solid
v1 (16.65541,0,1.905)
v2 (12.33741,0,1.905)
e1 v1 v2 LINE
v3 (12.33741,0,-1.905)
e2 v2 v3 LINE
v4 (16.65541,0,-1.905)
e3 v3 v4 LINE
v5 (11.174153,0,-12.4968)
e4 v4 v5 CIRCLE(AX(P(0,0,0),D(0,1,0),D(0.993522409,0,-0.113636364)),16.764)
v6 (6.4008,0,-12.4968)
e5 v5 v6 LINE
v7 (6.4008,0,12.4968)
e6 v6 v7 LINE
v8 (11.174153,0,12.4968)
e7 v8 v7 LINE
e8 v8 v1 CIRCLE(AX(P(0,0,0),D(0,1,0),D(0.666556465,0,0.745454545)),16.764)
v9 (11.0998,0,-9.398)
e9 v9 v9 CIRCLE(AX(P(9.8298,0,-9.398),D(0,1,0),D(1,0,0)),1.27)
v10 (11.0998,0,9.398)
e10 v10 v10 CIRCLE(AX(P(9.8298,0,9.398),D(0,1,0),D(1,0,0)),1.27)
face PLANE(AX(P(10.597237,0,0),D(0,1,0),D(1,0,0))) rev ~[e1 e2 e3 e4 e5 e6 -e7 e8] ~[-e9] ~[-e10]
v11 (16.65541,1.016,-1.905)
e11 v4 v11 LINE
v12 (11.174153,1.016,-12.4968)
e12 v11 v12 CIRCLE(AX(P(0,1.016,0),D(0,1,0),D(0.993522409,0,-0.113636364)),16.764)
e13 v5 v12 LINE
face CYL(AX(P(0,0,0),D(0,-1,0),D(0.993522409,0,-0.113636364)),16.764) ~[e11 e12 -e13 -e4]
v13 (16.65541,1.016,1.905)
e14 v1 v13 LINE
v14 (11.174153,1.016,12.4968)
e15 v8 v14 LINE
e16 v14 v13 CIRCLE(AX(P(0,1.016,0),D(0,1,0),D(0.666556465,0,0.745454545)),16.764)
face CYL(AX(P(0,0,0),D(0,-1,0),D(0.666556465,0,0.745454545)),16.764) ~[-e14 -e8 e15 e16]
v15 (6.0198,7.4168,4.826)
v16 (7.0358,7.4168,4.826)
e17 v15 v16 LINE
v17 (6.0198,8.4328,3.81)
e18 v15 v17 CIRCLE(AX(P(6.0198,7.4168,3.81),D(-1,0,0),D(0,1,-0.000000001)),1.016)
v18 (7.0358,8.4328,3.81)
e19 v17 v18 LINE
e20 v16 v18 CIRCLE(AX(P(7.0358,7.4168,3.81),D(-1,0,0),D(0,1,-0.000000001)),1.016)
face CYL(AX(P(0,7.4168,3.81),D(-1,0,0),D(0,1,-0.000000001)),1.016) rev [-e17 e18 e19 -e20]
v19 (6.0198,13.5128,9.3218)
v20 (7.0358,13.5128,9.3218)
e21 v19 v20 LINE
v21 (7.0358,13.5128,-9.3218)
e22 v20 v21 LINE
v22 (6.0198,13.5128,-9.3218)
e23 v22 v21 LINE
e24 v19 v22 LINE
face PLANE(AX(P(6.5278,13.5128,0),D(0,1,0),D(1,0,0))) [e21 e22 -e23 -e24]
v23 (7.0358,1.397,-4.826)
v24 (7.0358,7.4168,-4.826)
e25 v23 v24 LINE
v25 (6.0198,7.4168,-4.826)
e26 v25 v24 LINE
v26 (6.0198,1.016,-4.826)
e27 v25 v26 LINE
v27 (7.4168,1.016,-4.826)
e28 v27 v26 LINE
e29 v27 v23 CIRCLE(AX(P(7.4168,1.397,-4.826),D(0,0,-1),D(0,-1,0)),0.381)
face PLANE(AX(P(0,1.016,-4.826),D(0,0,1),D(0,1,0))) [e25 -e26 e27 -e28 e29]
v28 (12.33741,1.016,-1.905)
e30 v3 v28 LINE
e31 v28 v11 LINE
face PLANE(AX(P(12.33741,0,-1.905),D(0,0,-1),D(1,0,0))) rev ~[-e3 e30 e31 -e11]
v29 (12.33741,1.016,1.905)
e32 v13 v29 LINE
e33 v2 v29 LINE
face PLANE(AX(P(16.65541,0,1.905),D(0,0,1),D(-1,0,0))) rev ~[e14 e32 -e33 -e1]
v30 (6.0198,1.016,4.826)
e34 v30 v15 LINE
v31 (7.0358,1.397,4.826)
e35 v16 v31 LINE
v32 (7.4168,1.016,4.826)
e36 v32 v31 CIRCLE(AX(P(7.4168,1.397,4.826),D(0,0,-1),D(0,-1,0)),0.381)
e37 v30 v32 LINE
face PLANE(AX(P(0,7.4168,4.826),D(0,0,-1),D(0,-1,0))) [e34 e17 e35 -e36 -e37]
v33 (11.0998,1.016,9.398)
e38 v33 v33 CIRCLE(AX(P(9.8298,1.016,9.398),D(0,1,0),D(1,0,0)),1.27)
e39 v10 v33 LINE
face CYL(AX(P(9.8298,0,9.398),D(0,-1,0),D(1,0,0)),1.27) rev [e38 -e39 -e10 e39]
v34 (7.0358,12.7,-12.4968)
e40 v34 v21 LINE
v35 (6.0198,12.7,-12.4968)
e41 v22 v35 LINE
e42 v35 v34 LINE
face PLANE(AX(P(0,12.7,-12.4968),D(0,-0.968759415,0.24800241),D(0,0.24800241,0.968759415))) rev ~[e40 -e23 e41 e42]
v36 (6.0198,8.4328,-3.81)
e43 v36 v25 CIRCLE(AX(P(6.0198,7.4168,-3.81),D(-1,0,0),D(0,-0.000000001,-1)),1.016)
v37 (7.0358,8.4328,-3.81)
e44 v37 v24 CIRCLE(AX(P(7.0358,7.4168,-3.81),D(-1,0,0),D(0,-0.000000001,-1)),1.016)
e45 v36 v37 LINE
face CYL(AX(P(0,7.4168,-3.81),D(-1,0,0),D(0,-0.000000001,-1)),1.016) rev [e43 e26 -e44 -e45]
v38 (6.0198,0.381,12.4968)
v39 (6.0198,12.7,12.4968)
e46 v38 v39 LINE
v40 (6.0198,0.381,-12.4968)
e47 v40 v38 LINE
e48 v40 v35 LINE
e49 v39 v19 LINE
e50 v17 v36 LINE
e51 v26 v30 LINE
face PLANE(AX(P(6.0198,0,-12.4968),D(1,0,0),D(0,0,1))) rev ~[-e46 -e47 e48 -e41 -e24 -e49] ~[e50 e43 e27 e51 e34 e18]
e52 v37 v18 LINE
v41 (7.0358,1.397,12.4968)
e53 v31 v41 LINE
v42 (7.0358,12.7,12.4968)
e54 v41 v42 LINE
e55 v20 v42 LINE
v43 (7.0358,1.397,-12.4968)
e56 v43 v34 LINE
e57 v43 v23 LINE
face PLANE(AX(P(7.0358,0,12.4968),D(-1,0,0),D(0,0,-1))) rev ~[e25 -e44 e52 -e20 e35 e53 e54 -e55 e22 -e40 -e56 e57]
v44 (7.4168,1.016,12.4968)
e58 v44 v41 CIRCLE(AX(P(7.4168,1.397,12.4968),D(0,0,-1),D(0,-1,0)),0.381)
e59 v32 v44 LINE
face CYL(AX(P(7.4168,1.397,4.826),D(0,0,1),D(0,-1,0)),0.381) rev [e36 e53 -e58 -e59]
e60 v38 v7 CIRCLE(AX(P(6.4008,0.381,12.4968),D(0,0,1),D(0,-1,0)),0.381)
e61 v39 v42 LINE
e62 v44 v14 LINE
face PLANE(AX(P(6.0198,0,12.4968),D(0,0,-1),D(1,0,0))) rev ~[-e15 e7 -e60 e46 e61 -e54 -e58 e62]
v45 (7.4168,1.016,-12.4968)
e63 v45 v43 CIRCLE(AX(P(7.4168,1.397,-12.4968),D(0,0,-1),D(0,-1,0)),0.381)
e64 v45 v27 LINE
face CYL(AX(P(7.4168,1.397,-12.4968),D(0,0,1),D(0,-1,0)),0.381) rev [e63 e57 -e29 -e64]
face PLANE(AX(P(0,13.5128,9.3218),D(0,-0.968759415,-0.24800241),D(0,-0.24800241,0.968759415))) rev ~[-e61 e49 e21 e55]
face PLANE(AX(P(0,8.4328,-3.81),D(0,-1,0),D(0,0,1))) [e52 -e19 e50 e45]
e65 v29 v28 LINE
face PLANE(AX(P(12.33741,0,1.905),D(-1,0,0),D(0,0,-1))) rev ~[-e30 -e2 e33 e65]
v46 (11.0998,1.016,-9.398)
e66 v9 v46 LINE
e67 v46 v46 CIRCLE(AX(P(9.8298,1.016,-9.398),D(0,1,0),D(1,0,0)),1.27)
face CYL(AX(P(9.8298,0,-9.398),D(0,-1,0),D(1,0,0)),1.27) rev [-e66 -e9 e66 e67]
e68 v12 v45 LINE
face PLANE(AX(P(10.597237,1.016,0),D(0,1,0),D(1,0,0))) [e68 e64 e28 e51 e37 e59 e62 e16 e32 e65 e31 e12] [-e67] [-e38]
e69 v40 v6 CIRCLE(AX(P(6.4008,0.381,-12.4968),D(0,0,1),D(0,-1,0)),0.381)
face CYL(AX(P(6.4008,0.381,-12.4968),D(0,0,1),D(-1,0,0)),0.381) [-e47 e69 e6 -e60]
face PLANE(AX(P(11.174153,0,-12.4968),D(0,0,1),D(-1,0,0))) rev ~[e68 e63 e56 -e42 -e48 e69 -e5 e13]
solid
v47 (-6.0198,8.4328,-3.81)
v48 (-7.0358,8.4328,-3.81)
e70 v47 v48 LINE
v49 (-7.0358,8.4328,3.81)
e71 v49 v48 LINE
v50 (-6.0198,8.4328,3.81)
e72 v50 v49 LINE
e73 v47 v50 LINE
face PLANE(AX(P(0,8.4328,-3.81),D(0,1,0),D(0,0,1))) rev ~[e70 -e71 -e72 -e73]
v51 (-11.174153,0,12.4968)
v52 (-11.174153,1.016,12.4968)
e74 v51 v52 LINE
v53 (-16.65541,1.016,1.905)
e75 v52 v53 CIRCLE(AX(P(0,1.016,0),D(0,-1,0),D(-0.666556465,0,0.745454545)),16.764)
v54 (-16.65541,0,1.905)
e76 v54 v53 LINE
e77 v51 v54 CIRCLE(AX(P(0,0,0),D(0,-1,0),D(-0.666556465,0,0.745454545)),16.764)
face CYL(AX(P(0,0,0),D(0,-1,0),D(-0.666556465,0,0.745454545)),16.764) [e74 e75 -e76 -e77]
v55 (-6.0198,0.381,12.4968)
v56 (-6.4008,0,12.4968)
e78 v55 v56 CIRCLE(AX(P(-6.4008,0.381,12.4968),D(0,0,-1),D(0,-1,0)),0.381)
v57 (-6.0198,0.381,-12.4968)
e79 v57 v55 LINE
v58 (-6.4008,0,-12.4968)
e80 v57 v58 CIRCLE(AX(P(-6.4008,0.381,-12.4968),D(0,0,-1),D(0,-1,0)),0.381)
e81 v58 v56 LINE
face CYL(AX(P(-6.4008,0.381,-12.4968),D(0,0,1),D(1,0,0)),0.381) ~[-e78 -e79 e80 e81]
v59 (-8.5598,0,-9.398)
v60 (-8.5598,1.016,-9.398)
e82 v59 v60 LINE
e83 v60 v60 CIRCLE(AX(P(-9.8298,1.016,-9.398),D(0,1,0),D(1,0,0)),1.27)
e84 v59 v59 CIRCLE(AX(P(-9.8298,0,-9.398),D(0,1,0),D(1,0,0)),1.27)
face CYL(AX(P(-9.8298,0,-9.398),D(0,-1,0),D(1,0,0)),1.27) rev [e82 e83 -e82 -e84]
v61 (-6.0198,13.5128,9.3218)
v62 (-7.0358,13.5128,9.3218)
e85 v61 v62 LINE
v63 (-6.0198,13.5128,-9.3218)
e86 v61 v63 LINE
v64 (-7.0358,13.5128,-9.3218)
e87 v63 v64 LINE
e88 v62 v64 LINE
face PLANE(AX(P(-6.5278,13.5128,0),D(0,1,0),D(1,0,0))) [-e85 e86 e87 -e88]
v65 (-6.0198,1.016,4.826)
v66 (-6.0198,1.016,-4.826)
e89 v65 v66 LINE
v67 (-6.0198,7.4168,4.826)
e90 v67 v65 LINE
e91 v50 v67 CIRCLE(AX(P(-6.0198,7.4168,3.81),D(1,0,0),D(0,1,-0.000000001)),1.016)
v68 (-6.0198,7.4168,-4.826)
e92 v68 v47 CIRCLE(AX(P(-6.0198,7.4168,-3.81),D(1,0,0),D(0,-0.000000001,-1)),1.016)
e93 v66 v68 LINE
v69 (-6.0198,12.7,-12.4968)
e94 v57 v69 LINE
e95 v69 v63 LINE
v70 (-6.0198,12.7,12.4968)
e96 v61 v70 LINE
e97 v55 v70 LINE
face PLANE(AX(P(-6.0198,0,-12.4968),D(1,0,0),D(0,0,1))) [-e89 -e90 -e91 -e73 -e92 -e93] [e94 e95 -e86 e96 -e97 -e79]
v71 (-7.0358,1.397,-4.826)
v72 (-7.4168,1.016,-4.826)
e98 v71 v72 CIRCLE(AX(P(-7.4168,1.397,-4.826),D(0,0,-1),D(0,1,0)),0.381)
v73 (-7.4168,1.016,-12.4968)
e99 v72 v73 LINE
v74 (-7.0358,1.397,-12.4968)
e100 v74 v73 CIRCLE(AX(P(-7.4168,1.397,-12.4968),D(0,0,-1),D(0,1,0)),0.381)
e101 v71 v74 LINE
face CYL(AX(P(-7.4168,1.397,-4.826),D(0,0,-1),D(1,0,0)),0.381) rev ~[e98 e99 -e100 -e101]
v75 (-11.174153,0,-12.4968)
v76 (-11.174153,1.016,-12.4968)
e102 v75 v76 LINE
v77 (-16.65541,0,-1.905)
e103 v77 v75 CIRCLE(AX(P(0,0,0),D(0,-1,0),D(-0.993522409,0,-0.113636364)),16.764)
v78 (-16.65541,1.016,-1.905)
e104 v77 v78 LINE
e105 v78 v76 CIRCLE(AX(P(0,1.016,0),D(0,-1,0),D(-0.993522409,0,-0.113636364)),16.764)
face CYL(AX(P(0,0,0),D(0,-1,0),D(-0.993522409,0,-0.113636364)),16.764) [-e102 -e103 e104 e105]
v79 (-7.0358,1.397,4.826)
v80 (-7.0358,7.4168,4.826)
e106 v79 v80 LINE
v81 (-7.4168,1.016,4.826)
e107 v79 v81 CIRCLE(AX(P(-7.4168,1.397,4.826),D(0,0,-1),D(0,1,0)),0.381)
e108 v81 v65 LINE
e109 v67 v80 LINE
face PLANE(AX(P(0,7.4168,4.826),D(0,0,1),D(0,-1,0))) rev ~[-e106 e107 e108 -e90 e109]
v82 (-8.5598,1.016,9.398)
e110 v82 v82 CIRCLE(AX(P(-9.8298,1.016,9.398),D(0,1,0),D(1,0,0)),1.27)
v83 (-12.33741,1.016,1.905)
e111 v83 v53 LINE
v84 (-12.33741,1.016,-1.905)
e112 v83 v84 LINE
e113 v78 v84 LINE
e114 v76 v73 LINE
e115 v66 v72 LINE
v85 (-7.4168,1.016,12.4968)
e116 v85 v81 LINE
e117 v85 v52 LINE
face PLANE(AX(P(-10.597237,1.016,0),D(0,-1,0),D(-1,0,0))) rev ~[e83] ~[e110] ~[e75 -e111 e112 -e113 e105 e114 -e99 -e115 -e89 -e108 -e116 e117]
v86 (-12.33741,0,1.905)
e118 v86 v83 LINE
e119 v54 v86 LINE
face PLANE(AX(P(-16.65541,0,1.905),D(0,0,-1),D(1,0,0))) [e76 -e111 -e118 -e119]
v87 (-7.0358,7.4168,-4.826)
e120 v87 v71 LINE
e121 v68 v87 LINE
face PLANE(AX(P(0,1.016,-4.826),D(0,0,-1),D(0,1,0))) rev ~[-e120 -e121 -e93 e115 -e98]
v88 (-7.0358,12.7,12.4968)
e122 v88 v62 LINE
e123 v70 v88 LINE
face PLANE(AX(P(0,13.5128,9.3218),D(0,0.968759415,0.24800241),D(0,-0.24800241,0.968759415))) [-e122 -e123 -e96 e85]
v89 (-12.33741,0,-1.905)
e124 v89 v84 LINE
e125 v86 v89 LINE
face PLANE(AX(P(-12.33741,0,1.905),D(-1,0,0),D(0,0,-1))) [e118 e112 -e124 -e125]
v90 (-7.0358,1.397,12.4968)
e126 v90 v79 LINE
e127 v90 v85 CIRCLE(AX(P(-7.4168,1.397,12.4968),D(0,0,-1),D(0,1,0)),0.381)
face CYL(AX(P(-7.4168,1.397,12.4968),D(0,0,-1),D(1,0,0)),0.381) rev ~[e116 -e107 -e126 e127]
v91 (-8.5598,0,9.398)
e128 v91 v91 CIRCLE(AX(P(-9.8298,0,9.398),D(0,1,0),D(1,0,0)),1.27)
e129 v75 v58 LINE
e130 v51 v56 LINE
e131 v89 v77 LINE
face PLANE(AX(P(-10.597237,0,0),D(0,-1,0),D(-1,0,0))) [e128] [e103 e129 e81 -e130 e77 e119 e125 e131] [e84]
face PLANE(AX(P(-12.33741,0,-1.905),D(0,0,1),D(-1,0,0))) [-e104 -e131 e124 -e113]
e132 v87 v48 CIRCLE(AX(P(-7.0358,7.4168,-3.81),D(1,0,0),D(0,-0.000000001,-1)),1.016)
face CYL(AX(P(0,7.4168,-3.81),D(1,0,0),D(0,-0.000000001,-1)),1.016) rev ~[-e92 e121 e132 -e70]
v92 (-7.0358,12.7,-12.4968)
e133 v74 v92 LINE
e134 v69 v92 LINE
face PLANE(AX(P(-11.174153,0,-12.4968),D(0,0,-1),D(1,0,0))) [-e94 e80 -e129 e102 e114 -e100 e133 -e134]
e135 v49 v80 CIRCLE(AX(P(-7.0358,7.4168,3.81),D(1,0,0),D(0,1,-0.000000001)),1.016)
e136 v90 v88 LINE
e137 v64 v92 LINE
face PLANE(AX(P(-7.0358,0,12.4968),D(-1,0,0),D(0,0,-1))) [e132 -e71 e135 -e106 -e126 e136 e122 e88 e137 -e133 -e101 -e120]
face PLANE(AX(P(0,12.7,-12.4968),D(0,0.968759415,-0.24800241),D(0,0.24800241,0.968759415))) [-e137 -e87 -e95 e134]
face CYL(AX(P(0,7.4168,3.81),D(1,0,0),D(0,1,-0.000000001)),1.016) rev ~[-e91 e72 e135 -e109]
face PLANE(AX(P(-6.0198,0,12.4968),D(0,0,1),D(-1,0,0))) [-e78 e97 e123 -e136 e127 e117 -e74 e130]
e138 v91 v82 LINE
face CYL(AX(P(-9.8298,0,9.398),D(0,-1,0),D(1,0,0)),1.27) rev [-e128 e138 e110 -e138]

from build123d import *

# Parameters (mm, degrees)
SKETCH1_R               = 1.27
BOSS_EXTRUDE1_DEPTH     = 1.016
BOSS_EXTRUDE1_2_DEPTH   = 1.016
SKETCH2_W               = 1.016
SKETCH2_H               = 24.9936
BOSS_EXTRUDE2_DEPTH     = 13.5128
CUT_EXTRUDE1_DEPTH      = 13.5128
CUT_EXTRUDE1_DEPTH_BACK = 13.5128
FILLET1_R               = 0.381
FILLET2_R               = 0.381


with BuildPart() as part:
    # Sketch1 → Boss-Extrude1 (new body)
    with BuildSketch(Plane(origin=(0, 0, 0), x_dir=(1, 0, 0), z_dir=(0, 1, 0))):
        with BuildLine():
            Line((11.174152575, 12.4968), (6.0198, 12.4968))
            Line((6.0198, 12.4968), (6.0198, -12.4968))
            Line((6.0198, -12.4968), (11.174152575, -12.4968))
            ThreePointArc((11.174152575, -12.4968), (14.888508669, -7.704804061), (16.655409662, -1.905))
            Line((16.655409662, -1.905), (12.337409662, -1.905))
            Line((12.337409662, -1.905), (12.337409662, 1.905))
            Line((12.337409662, 1.905), (16.655409662, 1.905))
            ThreePointArc((16.655409662, 1.905), (14.888508669, 7.704804061), (11.174152575, 12.4968))
        make_face()
        with Locations((9.8298, -9.398)):
            Circle(SKETCH1_R, mode=Mode.SUBTRACT)
        with Locations((9.8298, 9.398)):
            Circle(SKETCH1_R, mode=Mode.SUBTRACT)
    extrude(amount=BOSS_EXTRUDE1_DEPTH)



with BuildPart() as body_2:
    # Sketch1 → Boss-Extrude1 2 (new body)
    with BuildSketch(Plane(origin=(0, 0, 0), x_dir=(1, 0, 0), z_dir=(0, 1, 0))):
        with BuildLine():
            Line((-6.0198, -12.4968), (-11.174152575, -12.4968))
            ThreePointArc((-11.174152575, -12.4968), (-14.888508669, -7.704804061), (-16.655409662, -1.905))
            Line((-16.655409662, -1.905), (-12.337409662, -1.905))
            Line((-12.337409662, -1.905), (-12.337409662, 1.905))
            Line((-12.337409662, 1.905), (-16.655409662, 1.905))
            ThreePointArc((-16.655409662, 1.905), (-14.888508669, 7.704804061), (-11.174152575, 12.4968))
            Line((-11.174152575, 12.4968), (-6.0198, 12.4968))
            Line((-6.0198, 12.4968), (-6.0198, -12.4968))
        make_face()
        with Locations((-9.8298, 9.398)):
            Circle(SKETCH1_R, mode=Mode.SUBTRACT)
        with Locations((-9.8298, -9.398)):
            Circle(SKETCH1_R, mode=Mode.SUBTRACT)
    extrude(amount=BOSS_EXTRUDE1_2_DEPTH)


with BuildPart() as part_1:
    add(part.part)

    add(body_2.part)  # Boss-Extrude2 merges body 2
    # Sketch2 → Boss-Extrude2 (add)
    with BuildSketch(Plane(origin=(0, 0, 0), x_dir=(1, 0, 0), z_dir=(0, 1, 0))):
        with Locations((-6.5278, 0)):
            Rectangle(SKETCH2_W, SKETCH2_H)
        with Locations((6.5278, 0)):
            Rectangle(SKETCH2_W, SKETCH2_H)
    extrude(amount=BOSS_EXTRUDE2_DEPTH)

    # Sketch3 → Cut-Extrude1 (cut, two sides)
    with BuildSketch(Plane(origin=(0, 0, 0), x_dir=(0, 0, -1), z_dir=(1, 0, 0))) as cut_extrude1_sk:
        Polygon((-12.4968, 13.5128), (-9.3218, 13.5128), (-12.4968, 12.7), align=None)
        Polygon((12.4968, 13.5128), (12.4968, 12.7), (9.3218, 13.5128), align=None)
        with BuildLine():
            Line((-4.826, 7.4168), (-4.826, 1.016))
            Line((-4.826, 1.016), (4.826, 1.016))
            Line((4.826, 1.016), (4.826, 7.4168))
            ThreePointArc((4.826, 7.4168), (4.52842049, 8.13522049), (3.81, 8.4328))
            Line((3.81, 8.4328), (-3.81, 8.4328))
            ThreePointArc((-3.81, 8.4328), (-4.52842049, 8.13522049), (-4.826, 7.4168))
        make_face()
    extrude(amount=CUT_EXTRUDE1_DEPTH, mode=Mode.SUBTRACT)
    extrude(cut_extrude1_sk.sketch, amount=-CUT_EXTRUDE1_DEPTH_BACK, mode=Mode.SUBTRACT)

    # Fillet1
    fillet1_edges = [part_1.edges().sort_by_distance(p)[0] for p in [
        (-7.0358, 1.016, 8.6614),
        (-7.0358, 1.016, -8.6614),
        (-6.0198, 0, 0),
    ]]
    fillet(fillet1_edges, radius=FILLET1_R)

    # Fillet2
    fillet2_edges = [part_1.edges().sort_by_distance(p)[0] for p in [
        (7.0358, 1.016, -8.6614),
        (7.0358, 1.016, 8.6614),
        (6.0198, 0, 0),
    ]]
    fillet(fillet2_edges, radius=FILLET2_R)


solid = part_1.part
